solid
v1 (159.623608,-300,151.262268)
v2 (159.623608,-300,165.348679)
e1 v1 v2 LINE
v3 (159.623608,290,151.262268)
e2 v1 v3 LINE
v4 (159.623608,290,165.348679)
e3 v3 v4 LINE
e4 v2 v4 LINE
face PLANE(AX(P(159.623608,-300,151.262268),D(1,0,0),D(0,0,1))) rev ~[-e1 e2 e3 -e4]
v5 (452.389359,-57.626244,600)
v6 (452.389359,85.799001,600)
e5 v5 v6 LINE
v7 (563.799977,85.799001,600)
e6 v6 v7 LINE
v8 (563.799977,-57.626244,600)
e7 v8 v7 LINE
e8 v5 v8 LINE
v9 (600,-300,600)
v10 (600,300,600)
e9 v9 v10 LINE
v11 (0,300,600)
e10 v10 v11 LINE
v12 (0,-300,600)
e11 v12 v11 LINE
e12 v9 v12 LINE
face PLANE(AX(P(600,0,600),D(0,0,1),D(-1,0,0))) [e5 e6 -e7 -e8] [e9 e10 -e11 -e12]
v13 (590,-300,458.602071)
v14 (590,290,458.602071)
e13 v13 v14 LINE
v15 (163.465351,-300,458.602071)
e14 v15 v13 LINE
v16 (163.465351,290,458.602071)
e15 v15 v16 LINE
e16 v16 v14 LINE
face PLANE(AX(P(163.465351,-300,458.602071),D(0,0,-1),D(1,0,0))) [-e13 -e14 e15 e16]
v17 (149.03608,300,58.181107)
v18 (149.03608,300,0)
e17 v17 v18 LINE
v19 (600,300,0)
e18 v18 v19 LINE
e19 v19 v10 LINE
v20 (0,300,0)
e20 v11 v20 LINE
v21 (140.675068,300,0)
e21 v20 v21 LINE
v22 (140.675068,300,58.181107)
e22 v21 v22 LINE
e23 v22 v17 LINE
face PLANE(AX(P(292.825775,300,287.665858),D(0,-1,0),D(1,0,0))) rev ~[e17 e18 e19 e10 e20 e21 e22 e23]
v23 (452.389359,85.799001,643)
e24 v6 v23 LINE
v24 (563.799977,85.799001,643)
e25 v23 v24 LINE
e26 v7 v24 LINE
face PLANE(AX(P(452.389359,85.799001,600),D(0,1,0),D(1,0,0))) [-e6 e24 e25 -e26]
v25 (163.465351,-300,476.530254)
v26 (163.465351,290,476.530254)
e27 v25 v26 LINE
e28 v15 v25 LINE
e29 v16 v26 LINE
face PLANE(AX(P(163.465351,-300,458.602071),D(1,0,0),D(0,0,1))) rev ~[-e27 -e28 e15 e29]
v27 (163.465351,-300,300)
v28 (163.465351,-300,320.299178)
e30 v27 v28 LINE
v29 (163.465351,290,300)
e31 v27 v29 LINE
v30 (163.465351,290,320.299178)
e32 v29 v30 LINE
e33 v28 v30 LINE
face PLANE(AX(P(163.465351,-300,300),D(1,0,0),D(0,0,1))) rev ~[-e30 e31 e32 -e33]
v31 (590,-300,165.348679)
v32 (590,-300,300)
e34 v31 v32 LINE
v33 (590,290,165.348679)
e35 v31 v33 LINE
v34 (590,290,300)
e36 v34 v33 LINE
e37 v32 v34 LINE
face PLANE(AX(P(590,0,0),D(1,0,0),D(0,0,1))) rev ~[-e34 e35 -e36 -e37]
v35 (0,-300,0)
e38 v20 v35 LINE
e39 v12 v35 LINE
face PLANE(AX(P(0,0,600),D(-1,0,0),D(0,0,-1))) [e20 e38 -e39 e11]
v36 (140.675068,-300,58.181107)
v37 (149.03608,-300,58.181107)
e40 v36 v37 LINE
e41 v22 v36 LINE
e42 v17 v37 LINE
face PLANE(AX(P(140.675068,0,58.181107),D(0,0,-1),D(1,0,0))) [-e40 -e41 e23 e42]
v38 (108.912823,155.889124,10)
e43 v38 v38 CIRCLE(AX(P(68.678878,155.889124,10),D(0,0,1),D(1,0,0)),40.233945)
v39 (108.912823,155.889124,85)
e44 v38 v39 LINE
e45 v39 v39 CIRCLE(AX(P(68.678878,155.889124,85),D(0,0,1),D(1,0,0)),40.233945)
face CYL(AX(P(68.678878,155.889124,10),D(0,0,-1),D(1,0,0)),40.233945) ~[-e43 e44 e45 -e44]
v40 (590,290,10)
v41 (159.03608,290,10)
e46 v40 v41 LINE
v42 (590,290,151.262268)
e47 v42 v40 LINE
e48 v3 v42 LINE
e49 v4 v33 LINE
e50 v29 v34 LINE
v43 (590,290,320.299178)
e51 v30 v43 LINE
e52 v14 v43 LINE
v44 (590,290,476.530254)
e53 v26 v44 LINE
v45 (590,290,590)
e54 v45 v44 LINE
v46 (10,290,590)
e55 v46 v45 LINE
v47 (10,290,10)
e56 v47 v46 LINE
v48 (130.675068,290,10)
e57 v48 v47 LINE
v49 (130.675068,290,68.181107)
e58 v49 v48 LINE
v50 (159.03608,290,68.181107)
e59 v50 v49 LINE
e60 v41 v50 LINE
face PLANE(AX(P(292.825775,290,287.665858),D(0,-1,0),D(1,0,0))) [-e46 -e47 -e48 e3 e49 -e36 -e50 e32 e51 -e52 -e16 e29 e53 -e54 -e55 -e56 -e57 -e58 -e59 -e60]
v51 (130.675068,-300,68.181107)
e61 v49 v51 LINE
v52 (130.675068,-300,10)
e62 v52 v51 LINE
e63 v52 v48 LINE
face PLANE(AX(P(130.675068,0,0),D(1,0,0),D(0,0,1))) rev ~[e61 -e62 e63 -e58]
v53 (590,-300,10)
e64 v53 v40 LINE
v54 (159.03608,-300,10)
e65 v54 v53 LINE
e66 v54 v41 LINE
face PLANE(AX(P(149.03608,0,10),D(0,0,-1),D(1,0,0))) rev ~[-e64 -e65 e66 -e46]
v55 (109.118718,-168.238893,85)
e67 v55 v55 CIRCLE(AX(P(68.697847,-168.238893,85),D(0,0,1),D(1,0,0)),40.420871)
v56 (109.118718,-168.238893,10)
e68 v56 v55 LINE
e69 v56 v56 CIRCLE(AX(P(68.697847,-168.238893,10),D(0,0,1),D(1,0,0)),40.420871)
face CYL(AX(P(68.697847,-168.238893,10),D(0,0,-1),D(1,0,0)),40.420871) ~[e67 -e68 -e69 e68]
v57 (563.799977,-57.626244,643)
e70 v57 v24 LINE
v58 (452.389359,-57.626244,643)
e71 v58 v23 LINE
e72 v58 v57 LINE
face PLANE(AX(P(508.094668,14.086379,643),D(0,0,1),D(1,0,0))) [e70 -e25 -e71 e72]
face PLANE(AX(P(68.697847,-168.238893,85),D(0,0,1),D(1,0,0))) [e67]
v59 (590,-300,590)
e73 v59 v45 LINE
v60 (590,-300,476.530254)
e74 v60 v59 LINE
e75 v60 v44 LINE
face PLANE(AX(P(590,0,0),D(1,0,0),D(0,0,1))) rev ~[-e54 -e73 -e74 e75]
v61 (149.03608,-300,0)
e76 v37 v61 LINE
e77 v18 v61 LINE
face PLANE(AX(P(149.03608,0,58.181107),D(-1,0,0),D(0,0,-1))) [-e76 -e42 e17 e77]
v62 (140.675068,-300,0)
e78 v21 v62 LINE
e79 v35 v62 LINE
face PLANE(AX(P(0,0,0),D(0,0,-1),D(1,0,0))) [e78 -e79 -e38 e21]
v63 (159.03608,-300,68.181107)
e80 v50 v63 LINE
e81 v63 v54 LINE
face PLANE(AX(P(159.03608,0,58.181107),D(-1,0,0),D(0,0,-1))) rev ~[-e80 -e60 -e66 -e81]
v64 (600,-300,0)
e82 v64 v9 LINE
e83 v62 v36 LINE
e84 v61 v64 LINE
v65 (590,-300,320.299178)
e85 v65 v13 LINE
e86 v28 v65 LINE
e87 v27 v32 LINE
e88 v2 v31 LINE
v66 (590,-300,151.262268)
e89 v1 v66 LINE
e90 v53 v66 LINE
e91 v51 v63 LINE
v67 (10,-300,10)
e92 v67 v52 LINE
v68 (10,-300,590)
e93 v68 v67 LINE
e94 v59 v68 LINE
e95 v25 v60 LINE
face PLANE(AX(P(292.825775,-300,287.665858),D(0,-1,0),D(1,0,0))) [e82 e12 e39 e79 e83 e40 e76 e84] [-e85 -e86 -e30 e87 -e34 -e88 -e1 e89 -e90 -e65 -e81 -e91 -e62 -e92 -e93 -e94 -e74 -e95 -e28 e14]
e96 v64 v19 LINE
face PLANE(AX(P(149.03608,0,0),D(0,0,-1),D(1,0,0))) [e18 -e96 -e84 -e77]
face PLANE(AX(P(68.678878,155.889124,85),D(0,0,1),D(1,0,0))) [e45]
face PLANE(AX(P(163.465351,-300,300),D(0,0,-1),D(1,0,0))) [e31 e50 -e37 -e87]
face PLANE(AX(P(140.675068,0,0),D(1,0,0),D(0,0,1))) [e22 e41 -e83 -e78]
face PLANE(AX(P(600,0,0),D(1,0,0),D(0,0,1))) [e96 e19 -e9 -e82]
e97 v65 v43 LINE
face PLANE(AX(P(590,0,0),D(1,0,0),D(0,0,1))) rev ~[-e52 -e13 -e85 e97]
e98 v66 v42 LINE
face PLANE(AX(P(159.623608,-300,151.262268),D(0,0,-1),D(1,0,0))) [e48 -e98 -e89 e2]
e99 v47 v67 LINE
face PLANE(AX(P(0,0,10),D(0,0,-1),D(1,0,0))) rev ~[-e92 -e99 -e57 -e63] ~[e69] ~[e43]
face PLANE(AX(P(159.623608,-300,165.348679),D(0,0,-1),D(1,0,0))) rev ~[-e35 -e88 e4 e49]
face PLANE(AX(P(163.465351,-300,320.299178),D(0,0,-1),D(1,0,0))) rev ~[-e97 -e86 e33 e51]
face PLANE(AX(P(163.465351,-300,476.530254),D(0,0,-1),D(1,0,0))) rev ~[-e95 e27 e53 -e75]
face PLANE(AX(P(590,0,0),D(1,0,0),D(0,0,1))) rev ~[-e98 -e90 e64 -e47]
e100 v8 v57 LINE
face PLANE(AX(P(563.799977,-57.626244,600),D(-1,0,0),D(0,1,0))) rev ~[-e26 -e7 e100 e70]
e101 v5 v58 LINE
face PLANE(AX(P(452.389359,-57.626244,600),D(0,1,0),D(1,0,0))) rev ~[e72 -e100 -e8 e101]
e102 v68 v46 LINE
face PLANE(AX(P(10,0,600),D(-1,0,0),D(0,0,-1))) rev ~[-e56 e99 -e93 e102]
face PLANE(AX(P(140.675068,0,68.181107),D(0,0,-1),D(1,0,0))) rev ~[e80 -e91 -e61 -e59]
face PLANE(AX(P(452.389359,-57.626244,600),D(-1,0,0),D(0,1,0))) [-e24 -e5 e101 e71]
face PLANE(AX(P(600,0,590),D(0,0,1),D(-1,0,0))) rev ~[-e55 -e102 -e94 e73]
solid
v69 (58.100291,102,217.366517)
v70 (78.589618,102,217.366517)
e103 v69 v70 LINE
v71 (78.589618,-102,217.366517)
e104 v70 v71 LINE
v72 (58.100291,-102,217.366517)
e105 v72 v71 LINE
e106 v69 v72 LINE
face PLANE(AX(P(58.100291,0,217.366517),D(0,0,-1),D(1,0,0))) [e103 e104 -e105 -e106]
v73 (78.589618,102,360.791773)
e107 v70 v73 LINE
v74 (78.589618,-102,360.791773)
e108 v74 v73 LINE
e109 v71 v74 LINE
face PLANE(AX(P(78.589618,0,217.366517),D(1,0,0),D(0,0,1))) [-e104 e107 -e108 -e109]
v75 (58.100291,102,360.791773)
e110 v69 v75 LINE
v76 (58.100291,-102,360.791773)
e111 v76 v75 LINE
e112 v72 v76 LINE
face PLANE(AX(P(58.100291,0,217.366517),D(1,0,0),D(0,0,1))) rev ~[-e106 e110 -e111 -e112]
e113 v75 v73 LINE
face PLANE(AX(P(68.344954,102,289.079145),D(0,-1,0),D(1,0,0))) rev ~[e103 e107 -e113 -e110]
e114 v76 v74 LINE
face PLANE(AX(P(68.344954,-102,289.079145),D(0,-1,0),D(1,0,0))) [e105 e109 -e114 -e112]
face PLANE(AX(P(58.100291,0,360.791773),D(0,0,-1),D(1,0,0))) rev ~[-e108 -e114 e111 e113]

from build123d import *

# Parameters (mm, degrees)
F1_DEPTH  = 300
F2_T      = -10
F3_R      = 40.4208706322
F3_R_2    = 40.2339451726
F4_DEPTH  = 75
F5_W      = 426.5346491337
F5_H      = 17.9281830788
F5_H_2    = 20.2991783619
F5_W_2    = 430.3763920069
F5_H_3    = 14.0864104033
F6_DEPTH  = 590
F7_W      = 20.4893276095
F7_H      = 143.4252560139
F8_DEPTH  = 102
F9_W      = 111.4106178284
F9_H      = 143.425244838
F10_DEPTH = 43


with BuildPart() as f1:
    # F0 (on Front) → F1 (new body, symmetric)
    with BuildSketch(Plane.XZ):
        Polygon((0, 600), (0, 0), (140.6750679016, 0), (140.6750679016, 58.1811070442), (149.0360796452, 58.1811070442), (149.0360796452, 0), (600, 0), (600, 600), align=None)
    extrude(amount=F1_DEPTH, both=True)

    # F2
    f2_openings = [f1.faces().sort_by_distance(p)[0] for p in [
        (300.209924, -300, 300.366564),
    ]]
    offset(amount=F2_T, openings=f2_openings, kind=Kind.INTERSECTION)

    # F3 (on face) → F4 (join)
    with BuildSketch(Plane.XY.offset(10)):
        with Locations((68.6978474259, -168.2388931513)):
            Circle(F3_R)
        with Locations((68.6788782477, 155.8891236782)):
            Circle(F3_R_2)
    extrude(amount=F4_DEPTH)

    # F5 (on face) → F6 (join, through all)
    with BuildSketch(Plane.XZ.offset(300)):
        with Locations((376.7326754332, 467.5661623478)):
            Rectangle(F5_W, F5_H)
        with Locations((376.7326754332, 310.1495891809)):
            Rectangle(F5_W, F5_H_2)
        with Locations((374.8118039966, 158.3054736257)):
            Rectangle(F5_W_2, F5_H_3)
    extrude(amount=-F6_DEPTH)

    # F9 (on face) → F10 (join)
    with BuildSketch(Plane.XY.offset(600)):
        with Locations((508.0946683884, 14.0863787383)):
            Rectangle(F9_W, F9_H)
    extrude(amount=F10_DEPTH)


with BuildPart() as f8:
    # F7 (on Front) → F8 (new body, symmetric)
    with BuildSketch(Plane.XZ):
        with Locations((68.3449544013, 289.0791445971)):
            Rectangle(F7_W, F7_H)
    extrude(amount=F8_DEPTH, both=True)


solid = Compound([f1.part, f8.part])
